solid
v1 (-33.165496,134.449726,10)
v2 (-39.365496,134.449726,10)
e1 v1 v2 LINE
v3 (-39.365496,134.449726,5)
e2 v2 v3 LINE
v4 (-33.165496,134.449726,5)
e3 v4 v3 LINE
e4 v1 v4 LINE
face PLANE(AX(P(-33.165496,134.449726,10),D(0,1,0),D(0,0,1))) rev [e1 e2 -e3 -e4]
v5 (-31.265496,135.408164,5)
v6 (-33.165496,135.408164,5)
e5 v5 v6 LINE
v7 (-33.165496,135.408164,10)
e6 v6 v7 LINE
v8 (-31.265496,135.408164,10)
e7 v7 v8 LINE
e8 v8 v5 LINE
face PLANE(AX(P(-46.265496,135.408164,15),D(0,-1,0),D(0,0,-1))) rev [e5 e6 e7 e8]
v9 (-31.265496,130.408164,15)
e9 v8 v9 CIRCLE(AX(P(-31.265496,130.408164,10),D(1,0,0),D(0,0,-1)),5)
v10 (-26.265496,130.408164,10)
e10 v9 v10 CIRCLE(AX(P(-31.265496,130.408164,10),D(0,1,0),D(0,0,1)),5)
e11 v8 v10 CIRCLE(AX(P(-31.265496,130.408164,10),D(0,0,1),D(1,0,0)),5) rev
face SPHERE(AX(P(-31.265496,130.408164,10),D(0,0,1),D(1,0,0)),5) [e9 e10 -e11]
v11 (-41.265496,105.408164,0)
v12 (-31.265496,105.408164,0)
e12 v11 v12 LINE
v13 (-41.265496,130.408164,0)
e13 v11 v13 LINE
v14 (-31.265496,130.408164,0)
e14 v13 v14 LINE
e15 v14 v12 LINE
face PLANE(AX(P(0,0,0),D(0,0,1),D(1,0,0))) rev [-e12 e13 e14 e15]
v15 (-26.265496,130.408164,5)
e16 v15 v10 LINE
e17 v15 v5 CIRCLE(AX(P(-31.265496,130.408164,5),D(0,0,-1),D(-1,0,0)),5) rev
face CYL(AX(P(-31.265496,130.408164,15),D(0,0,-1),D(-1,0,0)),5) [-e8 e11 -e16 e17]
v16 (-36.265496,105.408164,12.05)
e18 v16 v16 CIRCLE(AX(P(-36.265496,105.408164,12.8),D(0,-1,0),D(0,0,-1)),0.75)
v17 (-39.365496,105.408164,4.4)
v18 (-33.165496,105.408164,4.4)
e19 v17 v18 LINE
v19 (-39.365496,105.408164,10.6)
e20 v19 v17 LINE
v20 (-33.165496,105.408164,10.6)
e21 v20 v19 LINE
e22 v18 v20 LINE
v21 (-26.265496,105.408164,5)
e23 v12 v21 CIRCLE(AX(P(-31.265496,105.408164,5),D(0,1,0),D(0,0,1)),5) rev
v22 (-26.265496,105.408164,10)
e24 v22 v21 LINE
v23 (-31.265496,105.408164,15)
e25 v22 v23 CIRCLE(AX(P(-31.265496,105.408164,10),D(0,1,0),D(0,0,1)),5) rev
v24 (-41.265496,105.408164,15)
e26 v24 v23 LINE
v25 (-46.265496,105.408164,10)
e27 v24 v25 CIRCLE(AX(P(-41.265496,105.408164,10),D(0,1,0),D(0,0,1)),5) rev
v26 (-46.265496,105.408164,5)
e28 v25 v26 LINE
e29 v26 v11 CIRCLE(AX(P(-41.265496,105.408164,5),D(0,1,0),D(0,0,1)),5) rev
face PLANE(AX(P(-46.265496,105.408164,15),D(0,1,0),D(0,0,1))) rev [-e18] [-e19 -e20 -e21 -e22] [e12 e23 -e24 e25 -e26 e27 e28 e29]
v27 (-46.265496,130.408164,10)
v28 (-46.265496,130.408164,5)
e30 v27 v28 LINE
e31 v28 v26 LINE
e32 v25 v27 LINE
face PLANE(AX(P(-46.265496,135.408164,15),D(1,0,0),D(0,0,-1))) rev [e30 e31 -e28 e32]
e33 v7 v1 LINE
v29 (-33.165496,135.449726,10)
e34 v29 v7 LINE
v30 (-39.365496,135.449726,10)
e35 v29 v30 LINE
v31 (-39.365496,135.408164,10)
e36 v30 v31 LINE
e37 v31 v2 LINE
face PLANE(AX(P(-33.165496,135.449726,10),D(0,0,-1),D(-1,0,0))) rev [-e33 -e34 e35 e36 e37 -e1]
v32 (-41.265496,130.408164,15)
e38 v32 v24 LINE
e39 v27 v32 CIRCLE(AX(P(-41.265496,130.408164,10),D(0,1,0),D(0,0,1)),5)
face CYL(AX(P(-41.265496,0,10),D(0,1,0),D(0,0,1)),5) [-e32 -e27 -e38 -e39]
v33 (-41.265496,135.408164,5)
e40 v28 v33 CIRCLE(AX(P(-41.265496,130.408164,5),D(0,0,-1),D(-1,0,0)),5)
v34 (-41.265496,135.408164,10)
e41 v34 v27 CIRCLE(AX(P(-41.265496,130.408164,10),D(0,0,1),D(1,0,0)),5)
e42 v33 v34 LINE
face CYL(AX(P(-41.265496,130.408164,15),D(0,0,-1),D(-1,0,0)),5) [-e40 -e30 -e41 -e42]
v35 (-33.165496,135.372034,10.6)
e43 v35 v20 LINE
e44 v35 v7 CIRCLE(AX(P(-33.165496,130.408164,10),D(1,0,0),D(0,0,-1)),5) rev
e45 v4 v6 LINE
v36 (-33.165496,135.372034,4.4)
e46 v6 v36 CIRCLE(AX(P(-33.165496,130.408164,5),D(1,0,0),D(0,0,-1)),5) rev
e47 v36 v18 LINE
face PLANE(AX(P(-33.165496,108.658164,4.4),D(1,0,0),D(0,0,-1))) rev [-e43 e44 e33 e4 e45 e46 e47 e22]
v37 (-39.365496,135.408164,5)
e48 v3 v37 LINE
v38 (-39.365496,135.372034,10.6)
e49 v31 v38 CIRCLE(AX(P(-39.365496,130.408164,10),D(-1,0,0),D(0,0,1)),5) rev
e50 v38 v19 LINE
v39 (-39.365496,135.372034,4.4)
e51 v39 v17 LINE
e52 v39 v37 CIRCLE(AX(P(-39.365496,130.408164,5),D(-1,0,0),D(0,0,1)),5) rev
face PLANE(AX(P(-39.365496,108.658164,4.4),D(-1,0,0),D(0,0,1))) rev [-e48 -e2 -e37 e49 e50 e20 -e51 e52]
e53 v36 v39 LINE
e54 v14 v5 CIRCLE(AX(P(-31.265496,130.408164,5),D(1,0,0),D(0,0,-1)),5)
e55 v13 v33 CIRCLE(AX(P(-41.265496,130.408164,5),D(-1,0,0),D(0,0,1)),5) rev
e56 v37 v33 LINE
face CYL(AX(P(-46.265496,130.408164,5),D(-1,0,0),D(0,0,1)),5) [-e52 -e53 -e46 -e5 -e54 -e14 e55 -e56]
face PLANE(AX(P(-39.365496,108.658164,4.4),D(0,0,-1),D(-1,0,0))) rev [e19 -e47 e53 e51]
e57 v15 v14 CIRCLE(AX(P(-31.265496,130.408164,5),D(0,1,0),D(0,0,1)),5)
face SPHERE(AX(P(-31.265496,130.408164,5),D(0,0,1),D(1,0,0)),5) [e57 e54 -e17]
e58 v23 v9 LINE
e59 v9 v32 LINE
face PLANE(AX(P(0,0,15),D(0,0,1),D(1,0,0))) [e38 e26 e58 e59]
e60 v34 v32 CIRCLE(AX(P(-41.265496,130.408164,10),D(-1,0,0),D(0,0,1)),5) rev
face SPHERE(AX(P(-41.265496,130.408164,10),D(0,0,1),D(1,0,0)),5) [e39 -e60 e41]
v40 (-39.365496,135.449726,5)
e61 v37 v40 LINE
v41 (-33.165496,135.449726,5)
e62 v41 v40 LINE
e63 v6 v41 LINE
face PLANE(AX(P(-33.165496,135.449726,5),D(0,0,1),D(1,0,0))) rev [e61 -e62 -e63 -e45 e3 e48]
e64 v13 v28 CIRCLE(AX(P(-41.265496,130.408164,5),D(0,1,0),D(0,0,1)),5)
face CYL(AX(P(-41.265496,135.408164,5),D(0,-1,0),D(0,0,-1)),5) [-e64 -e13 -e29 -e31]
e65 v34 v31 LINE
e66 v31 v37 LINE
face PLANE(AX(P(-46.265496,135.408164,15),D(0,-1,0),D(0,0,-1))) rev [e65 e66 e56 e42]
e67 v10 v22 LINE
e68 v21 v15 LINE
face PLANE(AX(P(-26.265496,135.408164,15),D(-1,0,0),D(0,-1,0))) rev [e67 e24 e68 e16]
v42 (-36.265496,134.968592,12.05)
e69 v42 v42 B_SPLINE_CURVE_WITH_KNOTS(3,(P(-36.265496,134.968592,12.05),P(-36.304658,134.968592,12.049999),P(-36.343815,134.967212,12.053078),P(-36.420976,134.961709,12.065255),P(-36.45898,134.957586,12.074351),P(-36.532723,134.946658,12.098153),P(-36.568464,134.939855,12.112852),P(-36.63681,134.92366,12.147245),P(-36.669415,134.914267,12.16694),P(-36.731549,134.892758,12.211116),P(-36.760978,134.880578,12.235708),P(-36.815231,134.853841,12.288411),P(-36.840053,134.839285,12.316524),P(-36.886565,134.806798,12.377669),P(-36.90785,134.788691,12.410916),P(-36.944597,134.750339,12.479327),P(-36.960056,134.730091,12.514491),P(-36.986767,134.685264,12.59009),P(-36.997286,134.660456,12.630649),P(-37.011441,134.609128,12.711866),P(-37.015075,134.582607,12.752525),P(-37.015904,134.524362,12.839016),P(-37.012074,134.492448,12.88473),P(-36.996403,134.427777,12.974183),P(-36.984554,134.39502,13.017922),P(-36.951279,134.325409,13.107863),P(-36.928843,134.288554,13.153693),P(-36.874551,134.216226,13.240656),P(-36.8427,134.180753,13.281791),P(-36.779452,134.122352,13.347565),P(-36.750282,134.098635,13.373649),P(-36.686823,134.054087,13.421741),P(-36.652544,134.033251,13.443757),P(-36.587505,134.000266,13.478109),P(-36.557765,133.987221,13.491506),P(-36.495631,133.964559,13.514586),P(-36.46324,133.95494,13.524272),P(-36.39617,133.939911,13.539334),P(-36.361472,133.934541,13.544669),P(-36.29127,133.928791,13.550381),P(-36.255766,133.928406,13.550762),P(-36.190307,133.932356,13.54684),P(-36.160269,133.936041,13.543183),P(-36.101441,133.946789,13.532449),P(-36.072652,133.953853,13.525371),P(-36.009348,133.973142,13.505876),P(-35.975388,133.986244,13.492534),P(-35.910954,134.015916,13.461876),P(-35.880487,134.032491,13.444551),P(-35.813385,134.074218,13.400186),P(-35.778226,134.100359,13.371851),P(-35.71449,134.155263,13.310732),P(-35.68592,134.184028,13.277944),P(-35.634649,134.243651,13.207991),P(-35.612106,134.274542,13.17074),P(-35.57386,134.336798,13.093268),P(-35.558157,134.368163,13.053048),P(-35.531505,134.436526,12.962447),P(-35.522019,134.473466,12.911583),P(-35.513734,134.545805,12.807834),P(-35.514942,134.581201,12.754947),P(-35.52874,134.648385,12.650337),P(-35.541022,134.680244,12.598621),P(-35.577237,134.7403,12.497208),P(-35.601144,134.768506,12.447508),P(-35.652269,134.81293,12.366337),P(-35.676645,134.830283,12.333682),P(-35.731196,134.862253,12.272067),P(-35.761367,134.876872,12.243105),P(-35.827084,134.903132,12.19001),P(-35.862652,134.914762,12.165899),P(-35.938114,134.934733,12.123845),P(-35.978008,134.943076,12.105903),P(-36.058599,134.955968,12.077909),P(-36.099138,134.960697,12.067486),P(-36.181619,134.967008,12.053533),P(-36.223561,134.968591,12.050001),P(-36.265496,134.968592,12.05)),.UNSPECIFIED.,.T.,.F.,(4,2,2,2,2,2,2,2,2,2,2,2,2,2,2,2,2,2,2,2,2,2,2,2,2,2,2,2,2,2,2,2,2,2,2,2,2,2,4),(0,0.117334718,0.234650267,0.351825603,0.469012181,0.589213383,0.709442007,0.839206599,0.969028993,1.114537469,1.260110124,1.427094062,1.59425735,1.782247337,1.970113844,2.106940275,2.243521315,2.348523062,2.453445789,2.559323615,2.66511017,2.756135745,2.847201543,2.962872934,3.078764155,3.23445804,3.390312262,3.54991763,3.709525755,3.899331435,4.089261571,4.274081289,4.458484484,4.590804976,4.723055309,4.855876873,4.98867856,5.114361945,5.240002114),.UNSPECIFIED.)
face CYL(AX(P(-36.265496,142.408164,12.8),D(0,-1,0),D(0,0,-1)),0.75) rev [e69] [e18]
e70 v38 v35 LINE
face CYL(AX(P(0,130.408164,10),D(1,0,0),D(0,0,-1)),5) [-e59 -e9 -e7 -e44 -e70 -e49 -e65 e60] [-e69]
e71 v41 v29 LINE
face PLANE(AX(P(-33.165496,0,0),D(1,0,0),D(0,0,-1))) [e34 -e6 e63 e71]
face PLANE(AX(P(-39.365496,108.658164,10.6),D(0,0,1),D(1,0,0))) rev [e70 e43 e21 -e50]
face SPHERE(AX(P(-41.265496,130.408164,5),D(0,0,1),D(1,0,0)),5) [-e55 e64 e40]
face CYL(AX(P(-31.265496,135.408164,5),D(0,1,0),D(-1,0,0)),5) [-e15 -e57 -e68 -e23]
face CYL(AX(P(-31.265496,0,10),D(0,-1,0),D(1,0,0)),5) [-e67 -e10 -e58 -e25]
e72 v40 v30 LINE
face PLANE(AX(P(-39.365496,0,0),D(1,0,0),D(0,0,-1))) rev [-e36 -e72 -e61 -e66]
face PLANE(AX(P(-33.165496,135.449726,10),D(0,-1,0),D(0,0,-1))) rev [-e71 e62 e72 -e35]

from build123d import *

# Parameters (mm, degrees)
SKETCH1_W           = 20
SKETCH1_H           = 30
BOSS_EXTRUDE1_DEPTH = 15
SKETCH2_W           = 6.2
SKETCH2_H           = 6.2
CUT_EXTRUDE1_DEPTH  = 3.25
FILLET1_R           = 5
SKETCH4_W           = 6.2
SKETCH4_H           = 6.2
CUT_EXTRUDE2_DEPTH  = 68
SKETCH6_W           = 5
SKETCH6_H           = 1
BOSS_EXTRUDE3_DEPTH = 6.2
SKETCH7_R           = 0.75
CUT_EXTRUDE3_DEPTH  = 37


with BuildPart() as part:
    # Sketch1 → Boss-Extrude1 (new body)
    with BuildSketch(Plane.XY):
        with Locations((-36.265495527, 120.408164147)):
            Rectangle(SKETCH1_W, SKETCH1_H)
    extrude(amount=BOSS_EXTRUDE1_DEPTH)

    # Sketch2 → Cut-Extrude1 (cut)
    with BuildSketch(Plane(origin=(0, 105.408164147, 0), x_dir=(-1, 0, 0), z_dir=(0, -1, 0))):
        with Locations((36.265495527, -7.5)):
            Rectangle(SKETCH2_W, SKETCH2_H)
    extrude(amount=-CUT_EXTRUDE1_DEPTH, mode=Mode.SUBTRACT)

    # Fillet1
    fillet1_edges = [part.edges().sort_by_distance(p)[0] for p in [
        (-46.265495527, 120.408164147, 15),
        (-26.265495527, 120.408164147, 15),
        (-46.265495527, 120.408164147, 0),
        (-36.265495527, 135.408164147, 0),
        (-26.265495527, 120.408164147, 0),
        (-36.265495527, 135.408164147, 15),
        (-46.265495527, 135.408164147, 7.5),
        (-26.265495527, 135.408164147, 7.5),
    ]]
    fillet(fillet1_edges, radius=FILLET1_R)

    # Sketch4 → Cut-Extrude2 (cut)
    with BuildSketch(Plane.XZ.offset(-108.658164147)):
        with Locations((-36.265495527, 7.5)):
            Rectangle(SKETCH4_W, SKETCH4_H)
    extrude(amount=-CUT_EXTRUDE2_DEPTH, mode=Mode.SUBTRACT)

    # Sketch6 → Boss-Extrude3 (add)
    with BuildSketch(Plane(origin=(-39.365495527, 0, 0), x_dir=(0, 0, -1), z_dir=(1, 0, 0))):
        with Locations((-7.5, 134.949726458)):
            Rectangle(SKETCH6_W, SKETCH6_H)
    extrude(amount=BOSS_EXTRUDE3_DEPTH)

    # Sketch7 → Cut-Extrude3 (cut)
    with BuildSketch(Plane.XZ.offset(-105.408164147)):
        with Locations(Location((-36.265495527, 12.8, 0), (0, 0, 270))):
            Circle(SKETCH7_R)
    extrude(amount=-CUT_EXTRUDE3_DEPTH, mode=Mode.SUBTRACT)


solid = part.part
